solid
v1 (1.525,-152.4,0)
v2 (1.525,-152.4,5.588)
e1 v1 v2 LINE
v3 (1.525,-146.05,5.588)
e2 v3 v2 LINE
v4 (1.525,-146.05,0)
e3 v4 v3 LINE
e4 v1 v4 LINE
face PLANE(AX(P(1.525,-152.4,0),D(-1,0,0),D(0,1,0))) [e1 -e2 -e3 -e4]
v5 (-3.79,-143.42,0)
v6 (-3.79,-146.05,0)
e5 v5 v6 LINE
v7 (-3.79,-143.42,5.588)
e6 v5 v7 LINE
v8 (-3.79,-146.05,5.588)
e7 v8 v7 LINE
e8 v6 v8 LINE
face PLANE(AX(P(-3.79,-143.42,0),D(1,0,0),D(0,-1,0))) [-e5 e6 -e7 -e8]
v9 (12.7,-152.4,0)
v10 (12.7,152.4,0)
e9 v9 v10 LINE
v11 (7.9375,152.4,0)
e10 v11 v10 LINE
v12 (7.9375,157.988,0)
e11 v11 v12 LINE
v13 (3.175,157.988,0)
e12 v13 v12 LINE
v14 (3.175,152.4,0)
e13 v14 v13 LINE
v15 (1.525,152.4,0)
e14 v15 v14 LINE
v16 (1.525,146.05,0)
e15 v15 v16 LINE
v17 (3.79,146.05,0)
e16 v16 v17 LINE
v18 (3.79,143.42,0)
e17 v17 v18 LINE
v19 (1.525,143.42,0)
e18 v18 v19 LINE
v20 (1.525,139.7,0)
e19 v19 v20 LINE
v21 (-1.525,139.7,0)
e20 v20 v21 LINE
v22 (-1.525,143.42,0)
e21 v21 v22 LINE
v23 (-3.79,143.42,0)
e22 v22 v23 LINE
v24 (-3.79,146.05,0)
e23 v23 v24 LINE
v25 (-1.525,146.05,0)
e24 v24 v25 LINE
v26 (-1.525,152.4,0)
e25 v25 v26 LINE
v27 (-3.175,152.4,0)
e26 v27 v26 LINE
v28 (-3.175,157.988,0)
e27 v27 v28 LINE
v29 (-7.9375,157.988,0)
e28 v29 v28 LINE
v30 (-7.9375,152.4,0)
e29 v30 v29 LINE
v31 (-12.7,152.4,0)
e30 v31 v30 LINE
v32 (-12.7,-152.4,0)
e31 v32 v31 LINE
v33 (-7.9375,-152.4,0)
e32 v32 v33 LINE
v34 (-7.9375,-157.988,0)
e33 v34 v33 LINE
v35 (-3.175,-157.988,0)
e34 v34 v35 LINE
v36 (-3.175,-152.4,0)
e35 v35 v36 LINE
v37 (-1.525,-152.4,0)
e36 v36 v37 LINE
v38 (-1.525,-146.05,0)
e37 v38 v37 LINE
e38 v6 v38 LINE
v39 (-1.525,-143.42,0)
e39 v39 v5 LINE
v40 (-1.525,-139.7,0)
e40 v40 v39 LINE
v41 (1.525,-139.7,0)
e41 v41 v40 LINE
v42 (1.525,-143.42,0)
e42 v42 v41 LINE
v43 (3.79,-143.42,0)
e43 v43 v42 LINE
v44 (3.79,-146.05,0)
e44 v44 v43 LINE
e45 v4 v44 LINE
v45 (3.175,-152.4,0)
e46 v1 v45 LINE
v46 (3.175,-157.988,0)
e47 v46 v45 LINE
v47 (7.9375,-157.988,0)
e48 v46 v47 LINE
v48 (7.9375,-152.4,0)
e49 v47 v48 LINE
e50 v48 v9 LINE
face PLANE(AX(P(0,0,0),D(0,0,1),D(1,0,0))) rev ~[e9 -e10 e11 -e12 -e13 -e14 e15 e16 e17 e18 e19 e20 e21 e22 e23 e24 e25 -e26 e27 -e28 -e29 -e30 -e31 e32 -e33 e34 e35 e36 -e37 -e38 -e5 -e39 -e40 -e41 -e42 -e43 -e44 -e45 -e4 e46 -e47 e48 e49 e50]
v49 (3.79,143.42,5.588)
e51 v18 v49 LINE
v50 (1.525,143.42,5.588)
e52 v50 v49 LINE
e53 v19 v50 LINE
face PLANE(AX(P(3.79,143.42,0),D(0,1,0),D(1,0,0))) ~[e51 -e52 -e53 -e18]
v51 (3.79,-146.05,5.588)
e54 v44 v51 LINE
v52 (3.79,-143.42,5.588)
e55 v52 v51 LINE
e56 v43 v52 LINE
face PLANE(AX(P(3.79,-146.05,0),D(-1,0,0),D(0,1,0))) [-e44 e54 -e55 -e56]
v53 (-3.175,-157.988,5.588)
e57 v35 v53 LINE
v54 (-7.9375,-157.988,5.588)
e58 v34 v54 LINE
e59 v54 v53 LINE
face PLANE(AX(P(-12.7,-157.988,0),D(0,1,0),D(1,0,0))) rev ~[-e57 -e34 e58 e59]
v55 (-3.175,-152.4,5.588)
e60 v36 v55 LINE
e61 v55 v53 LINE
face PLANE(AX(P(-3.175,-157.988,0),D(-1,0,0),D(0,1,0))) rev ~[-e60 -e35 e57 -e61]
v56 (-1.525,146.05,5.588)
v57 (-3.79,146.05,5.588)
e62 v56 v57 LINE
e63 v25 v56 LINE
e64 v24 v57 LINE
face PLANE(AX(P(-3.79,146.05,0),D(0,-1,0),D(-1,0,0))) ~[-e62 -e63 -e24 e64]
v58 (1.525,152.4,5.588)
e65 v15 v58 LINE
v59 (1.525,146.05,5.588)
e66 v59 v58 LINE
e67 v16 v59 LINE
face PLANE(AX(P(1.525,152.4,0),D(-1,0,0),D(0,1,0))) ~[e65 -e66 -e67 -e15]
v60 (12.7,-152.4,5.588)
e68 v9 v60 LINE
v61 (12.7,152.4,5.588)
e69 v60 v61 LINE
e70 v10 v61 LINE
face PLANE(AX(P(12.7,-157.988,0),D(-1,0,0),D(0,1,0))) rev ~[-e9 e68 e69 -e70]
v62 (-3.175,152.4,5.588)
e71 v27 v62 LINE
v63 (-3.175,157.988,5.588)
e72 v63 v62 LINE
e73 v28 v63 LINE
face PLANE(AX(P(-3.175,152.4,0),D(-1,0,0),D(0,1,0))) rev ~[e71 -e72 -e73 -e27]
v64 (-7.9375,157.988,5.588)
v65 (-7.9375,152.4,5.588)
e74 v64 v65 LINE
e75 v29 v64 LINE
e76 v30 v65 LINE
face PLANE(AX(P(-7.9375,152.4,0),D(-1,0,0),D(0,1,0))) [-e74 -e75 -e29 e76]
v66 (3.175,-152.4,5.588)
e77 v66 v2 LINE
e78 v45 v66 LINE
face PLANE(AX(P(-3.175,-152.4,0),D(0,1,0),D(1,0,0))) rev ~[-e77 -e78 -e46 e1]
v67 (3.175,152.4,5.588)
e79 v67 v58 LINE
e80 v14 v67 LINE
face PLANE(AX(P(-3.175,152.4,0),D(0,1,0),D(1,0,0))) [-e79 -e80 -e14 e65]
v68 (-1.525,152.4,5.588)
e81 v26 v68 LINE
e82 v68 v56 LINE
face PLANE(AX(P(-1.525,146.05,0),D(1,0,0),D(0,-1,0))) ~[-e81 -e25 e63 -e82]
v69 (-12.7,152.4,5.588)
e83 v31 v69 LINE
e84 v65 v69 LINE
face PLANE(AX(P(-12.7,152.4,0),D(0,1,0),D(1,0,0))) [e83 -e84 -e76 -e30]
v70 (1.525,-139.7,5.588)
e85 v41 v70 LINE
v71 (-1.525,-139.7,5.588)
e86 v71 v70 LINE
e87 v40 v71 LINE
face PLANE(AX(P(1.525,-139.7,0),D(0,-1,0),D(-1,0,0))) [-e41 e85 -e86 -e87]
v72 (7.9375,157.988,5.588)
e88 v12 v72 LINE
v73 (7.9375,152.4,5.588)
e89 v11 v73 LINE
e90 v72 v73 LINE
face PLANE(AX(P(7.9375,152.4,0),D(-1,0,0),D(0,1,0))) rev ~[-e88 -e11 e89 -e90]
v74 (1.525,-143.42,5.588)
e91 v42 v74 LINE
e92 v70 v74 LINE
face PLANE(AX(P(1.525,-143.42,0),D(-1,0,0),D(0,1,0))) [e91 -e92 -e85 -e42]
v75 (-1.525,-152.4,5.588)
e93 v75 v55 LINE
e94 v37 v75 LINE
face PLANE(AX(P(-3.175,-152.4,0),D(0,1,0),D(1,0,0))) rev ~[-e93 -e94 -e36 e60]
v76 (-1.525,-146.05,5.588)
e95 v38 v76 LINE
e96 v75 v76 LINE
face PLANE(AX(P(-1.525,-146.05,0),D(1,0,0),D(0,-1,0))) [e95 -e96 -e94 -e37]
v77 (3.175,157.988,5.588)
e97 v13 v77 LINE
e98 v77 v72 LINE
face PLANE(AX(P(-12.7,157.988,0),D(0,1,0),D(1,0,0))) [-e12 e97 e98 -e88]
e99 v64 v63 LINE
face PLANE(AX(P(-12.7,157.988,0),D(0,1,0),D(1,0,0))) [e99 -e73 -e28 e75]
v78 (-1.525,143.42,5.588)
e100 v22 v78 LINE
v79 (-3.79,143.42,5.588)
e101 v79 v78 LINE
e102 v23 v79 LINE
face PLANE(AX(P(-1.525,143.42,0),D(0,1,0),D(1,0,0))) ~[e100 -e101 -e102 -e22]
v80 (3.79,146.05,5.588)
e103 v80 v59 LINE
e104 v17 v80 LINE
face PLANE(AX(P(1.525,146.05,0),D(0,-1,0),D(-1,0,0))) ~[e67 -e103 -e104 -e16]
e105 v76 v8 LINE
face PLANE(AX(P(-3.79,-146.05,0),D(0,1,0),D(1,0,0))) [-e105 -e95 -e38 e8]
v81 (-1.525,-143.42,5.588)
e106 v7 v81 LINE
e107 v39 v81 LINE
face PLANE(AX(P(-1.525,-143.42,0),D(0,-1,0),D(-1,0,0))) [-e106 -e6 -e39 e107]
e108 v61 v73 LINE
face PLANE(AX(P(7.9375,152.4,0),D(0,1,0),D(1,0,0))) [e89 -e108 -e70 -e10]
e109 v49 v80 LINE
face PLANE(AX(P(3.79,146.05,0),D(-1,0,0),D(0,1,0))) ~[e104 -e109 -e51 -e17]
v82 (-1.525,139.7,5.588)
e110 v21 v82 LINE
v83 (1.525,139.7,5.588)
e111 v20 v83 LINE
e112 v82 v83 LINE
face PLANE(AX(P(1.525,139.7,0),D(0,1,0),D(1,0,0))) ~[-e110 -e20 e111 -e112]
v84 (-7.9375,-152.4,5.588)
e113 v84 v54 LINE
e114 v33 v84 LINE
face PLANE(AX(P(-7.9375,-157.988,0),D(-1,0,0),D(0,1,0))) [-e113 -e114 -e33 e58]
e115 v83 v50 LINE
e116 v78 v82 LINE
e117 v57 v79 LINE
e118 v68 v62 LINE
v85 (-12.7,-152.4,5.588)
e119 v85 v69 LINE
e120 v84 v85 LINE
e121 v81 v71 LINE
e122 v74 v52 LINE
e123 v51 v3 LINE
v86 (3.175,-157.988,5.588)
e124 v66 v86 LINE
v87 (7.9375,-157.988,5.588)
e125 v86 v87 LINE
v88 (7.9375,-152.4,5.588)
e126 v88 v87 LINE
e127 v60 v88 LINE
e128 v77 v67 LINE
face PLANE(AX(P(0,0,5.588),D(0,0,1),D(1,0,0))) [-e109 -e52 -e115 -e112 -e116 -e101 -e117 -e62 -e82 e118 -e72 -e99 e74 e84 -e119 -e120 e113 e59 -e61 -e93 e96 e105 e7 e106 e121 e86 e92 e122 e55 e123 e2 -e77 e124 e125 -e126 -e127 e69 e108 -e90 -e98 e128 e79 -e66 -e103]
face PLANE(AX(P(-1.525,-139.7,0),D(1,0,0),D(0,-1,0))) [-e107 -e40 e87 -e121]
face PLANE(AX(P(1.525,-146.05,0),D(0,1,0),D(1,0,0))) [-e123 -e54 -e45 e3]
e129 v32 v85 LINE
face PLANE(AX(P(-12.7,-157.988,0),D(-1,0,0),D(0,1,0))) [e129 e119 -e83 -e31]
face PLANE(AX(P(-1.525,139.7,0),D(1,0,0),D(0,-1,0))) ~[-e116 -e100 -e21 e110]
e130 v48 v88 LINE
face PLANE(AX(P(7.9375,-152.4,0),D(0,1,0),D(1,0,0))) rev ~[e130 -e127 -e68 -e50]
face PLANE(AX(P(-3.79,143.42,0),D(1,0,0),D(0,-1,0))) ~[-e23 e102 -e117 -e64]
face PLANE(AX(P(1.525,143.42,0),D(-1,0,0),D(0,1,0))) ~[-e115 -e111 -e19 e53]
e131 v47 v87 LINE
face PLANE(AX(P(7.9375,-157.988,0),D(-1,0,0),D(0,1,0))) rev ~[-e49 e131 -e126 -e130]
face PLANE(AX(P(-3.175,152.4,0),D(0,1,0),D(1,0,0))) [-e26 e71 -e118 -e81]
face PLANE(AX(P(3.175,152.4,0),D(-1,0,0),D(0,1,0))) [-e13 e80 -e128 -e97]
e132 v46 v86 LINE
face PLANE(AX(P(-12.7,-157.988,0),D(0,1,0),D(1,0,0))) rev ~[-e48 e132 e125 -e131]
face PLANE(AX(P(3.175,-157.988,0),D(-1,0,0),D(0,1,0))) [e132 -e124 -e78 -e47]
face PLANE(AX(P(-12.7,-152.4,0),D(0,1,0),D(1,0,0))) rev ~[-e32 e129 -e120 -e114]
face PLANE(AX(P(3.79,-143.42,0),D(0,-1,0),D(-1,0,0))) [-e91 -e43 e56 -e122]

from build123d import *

# Parameters (mm, degrees)
SKETCH2_W           = 25.4
SKETCH2_H           = 315.976
BOSS_EXTRUDE1_DEPTH = 5.588
SKETCH3_W           = 4.7625
SKETCH3_H           = 5.588
SKETCH3_W_2         = 6.35
CUT_EXTRUDE2_DEPTH  = 159.596103004
CUT_EXTRUDE4_DEPTH  = 159.596103004


with BuildPart() as part:
    # Sketch2 → Boss-Extrude1 (new body)
    with BuildSketch(Plane.XY):
        Rectangle(SKETCH2_W, SKETCH2_H)
    extrude(amount=BOSS_EXTRUDE1_DEPTH)

    # Sketch3 → Cut-Extrude2 (cut, through all)
    with BuildSketch(Plane.XY):
        with Locations((-10.31875, -155.194)):
            Rectangle(SKETCH3_W, SKETCH3_H)
        with Locations((10.31875, -155.194)):
            Rectangle(SKETCH3_W, SKETCH3_H)
        with Locations((0, -155.194)):
            Rectangle(SKETCH3_W_2, SKETCH3_H)
        with Locations((-10.31875, 155.194)):
            Rectangle(SKETCH3_W, SKETCH3_H)
        with Locations((10.31875, 155.194)):
            Rectangle(SKETCH3_W, SKETCH3_H)
        with Locations((0, 155.194)):
            Rectangle(SKETCH3_W_2, SKETCH3_H)
    extrude(amount=CUT_EXTRUDE2_DEPTH, mode=Mode.SUBTRACT)

    # Sketch4 → Cut-Extrude4 (cut, through all)
    with BuildSketch(Plane.XY):
        Polygon((-1.525, -152.4), (1.525, -152.4), (1.525, -146.05), (3.79, -146.05), (3.79, -143.42), (1.525, -143.42), (1.525, -139.7), (-1.525, -139.7), (-1.525, -143.42), (-3.79, -143.42), (-3.79, -146.05), (-1.525, -146.05), align=None)
    cut_extrude4 = extrude(amount=CUT_EXTRUDE4_DEPTH, mode=Mode.SUBTRACT)

    # Mirror1: Cut-Extrude4 across plane
    add(cut_extrude4.mirror(Plane.ZX), mode=Mode.SUBTRACT)


solid = part.part
